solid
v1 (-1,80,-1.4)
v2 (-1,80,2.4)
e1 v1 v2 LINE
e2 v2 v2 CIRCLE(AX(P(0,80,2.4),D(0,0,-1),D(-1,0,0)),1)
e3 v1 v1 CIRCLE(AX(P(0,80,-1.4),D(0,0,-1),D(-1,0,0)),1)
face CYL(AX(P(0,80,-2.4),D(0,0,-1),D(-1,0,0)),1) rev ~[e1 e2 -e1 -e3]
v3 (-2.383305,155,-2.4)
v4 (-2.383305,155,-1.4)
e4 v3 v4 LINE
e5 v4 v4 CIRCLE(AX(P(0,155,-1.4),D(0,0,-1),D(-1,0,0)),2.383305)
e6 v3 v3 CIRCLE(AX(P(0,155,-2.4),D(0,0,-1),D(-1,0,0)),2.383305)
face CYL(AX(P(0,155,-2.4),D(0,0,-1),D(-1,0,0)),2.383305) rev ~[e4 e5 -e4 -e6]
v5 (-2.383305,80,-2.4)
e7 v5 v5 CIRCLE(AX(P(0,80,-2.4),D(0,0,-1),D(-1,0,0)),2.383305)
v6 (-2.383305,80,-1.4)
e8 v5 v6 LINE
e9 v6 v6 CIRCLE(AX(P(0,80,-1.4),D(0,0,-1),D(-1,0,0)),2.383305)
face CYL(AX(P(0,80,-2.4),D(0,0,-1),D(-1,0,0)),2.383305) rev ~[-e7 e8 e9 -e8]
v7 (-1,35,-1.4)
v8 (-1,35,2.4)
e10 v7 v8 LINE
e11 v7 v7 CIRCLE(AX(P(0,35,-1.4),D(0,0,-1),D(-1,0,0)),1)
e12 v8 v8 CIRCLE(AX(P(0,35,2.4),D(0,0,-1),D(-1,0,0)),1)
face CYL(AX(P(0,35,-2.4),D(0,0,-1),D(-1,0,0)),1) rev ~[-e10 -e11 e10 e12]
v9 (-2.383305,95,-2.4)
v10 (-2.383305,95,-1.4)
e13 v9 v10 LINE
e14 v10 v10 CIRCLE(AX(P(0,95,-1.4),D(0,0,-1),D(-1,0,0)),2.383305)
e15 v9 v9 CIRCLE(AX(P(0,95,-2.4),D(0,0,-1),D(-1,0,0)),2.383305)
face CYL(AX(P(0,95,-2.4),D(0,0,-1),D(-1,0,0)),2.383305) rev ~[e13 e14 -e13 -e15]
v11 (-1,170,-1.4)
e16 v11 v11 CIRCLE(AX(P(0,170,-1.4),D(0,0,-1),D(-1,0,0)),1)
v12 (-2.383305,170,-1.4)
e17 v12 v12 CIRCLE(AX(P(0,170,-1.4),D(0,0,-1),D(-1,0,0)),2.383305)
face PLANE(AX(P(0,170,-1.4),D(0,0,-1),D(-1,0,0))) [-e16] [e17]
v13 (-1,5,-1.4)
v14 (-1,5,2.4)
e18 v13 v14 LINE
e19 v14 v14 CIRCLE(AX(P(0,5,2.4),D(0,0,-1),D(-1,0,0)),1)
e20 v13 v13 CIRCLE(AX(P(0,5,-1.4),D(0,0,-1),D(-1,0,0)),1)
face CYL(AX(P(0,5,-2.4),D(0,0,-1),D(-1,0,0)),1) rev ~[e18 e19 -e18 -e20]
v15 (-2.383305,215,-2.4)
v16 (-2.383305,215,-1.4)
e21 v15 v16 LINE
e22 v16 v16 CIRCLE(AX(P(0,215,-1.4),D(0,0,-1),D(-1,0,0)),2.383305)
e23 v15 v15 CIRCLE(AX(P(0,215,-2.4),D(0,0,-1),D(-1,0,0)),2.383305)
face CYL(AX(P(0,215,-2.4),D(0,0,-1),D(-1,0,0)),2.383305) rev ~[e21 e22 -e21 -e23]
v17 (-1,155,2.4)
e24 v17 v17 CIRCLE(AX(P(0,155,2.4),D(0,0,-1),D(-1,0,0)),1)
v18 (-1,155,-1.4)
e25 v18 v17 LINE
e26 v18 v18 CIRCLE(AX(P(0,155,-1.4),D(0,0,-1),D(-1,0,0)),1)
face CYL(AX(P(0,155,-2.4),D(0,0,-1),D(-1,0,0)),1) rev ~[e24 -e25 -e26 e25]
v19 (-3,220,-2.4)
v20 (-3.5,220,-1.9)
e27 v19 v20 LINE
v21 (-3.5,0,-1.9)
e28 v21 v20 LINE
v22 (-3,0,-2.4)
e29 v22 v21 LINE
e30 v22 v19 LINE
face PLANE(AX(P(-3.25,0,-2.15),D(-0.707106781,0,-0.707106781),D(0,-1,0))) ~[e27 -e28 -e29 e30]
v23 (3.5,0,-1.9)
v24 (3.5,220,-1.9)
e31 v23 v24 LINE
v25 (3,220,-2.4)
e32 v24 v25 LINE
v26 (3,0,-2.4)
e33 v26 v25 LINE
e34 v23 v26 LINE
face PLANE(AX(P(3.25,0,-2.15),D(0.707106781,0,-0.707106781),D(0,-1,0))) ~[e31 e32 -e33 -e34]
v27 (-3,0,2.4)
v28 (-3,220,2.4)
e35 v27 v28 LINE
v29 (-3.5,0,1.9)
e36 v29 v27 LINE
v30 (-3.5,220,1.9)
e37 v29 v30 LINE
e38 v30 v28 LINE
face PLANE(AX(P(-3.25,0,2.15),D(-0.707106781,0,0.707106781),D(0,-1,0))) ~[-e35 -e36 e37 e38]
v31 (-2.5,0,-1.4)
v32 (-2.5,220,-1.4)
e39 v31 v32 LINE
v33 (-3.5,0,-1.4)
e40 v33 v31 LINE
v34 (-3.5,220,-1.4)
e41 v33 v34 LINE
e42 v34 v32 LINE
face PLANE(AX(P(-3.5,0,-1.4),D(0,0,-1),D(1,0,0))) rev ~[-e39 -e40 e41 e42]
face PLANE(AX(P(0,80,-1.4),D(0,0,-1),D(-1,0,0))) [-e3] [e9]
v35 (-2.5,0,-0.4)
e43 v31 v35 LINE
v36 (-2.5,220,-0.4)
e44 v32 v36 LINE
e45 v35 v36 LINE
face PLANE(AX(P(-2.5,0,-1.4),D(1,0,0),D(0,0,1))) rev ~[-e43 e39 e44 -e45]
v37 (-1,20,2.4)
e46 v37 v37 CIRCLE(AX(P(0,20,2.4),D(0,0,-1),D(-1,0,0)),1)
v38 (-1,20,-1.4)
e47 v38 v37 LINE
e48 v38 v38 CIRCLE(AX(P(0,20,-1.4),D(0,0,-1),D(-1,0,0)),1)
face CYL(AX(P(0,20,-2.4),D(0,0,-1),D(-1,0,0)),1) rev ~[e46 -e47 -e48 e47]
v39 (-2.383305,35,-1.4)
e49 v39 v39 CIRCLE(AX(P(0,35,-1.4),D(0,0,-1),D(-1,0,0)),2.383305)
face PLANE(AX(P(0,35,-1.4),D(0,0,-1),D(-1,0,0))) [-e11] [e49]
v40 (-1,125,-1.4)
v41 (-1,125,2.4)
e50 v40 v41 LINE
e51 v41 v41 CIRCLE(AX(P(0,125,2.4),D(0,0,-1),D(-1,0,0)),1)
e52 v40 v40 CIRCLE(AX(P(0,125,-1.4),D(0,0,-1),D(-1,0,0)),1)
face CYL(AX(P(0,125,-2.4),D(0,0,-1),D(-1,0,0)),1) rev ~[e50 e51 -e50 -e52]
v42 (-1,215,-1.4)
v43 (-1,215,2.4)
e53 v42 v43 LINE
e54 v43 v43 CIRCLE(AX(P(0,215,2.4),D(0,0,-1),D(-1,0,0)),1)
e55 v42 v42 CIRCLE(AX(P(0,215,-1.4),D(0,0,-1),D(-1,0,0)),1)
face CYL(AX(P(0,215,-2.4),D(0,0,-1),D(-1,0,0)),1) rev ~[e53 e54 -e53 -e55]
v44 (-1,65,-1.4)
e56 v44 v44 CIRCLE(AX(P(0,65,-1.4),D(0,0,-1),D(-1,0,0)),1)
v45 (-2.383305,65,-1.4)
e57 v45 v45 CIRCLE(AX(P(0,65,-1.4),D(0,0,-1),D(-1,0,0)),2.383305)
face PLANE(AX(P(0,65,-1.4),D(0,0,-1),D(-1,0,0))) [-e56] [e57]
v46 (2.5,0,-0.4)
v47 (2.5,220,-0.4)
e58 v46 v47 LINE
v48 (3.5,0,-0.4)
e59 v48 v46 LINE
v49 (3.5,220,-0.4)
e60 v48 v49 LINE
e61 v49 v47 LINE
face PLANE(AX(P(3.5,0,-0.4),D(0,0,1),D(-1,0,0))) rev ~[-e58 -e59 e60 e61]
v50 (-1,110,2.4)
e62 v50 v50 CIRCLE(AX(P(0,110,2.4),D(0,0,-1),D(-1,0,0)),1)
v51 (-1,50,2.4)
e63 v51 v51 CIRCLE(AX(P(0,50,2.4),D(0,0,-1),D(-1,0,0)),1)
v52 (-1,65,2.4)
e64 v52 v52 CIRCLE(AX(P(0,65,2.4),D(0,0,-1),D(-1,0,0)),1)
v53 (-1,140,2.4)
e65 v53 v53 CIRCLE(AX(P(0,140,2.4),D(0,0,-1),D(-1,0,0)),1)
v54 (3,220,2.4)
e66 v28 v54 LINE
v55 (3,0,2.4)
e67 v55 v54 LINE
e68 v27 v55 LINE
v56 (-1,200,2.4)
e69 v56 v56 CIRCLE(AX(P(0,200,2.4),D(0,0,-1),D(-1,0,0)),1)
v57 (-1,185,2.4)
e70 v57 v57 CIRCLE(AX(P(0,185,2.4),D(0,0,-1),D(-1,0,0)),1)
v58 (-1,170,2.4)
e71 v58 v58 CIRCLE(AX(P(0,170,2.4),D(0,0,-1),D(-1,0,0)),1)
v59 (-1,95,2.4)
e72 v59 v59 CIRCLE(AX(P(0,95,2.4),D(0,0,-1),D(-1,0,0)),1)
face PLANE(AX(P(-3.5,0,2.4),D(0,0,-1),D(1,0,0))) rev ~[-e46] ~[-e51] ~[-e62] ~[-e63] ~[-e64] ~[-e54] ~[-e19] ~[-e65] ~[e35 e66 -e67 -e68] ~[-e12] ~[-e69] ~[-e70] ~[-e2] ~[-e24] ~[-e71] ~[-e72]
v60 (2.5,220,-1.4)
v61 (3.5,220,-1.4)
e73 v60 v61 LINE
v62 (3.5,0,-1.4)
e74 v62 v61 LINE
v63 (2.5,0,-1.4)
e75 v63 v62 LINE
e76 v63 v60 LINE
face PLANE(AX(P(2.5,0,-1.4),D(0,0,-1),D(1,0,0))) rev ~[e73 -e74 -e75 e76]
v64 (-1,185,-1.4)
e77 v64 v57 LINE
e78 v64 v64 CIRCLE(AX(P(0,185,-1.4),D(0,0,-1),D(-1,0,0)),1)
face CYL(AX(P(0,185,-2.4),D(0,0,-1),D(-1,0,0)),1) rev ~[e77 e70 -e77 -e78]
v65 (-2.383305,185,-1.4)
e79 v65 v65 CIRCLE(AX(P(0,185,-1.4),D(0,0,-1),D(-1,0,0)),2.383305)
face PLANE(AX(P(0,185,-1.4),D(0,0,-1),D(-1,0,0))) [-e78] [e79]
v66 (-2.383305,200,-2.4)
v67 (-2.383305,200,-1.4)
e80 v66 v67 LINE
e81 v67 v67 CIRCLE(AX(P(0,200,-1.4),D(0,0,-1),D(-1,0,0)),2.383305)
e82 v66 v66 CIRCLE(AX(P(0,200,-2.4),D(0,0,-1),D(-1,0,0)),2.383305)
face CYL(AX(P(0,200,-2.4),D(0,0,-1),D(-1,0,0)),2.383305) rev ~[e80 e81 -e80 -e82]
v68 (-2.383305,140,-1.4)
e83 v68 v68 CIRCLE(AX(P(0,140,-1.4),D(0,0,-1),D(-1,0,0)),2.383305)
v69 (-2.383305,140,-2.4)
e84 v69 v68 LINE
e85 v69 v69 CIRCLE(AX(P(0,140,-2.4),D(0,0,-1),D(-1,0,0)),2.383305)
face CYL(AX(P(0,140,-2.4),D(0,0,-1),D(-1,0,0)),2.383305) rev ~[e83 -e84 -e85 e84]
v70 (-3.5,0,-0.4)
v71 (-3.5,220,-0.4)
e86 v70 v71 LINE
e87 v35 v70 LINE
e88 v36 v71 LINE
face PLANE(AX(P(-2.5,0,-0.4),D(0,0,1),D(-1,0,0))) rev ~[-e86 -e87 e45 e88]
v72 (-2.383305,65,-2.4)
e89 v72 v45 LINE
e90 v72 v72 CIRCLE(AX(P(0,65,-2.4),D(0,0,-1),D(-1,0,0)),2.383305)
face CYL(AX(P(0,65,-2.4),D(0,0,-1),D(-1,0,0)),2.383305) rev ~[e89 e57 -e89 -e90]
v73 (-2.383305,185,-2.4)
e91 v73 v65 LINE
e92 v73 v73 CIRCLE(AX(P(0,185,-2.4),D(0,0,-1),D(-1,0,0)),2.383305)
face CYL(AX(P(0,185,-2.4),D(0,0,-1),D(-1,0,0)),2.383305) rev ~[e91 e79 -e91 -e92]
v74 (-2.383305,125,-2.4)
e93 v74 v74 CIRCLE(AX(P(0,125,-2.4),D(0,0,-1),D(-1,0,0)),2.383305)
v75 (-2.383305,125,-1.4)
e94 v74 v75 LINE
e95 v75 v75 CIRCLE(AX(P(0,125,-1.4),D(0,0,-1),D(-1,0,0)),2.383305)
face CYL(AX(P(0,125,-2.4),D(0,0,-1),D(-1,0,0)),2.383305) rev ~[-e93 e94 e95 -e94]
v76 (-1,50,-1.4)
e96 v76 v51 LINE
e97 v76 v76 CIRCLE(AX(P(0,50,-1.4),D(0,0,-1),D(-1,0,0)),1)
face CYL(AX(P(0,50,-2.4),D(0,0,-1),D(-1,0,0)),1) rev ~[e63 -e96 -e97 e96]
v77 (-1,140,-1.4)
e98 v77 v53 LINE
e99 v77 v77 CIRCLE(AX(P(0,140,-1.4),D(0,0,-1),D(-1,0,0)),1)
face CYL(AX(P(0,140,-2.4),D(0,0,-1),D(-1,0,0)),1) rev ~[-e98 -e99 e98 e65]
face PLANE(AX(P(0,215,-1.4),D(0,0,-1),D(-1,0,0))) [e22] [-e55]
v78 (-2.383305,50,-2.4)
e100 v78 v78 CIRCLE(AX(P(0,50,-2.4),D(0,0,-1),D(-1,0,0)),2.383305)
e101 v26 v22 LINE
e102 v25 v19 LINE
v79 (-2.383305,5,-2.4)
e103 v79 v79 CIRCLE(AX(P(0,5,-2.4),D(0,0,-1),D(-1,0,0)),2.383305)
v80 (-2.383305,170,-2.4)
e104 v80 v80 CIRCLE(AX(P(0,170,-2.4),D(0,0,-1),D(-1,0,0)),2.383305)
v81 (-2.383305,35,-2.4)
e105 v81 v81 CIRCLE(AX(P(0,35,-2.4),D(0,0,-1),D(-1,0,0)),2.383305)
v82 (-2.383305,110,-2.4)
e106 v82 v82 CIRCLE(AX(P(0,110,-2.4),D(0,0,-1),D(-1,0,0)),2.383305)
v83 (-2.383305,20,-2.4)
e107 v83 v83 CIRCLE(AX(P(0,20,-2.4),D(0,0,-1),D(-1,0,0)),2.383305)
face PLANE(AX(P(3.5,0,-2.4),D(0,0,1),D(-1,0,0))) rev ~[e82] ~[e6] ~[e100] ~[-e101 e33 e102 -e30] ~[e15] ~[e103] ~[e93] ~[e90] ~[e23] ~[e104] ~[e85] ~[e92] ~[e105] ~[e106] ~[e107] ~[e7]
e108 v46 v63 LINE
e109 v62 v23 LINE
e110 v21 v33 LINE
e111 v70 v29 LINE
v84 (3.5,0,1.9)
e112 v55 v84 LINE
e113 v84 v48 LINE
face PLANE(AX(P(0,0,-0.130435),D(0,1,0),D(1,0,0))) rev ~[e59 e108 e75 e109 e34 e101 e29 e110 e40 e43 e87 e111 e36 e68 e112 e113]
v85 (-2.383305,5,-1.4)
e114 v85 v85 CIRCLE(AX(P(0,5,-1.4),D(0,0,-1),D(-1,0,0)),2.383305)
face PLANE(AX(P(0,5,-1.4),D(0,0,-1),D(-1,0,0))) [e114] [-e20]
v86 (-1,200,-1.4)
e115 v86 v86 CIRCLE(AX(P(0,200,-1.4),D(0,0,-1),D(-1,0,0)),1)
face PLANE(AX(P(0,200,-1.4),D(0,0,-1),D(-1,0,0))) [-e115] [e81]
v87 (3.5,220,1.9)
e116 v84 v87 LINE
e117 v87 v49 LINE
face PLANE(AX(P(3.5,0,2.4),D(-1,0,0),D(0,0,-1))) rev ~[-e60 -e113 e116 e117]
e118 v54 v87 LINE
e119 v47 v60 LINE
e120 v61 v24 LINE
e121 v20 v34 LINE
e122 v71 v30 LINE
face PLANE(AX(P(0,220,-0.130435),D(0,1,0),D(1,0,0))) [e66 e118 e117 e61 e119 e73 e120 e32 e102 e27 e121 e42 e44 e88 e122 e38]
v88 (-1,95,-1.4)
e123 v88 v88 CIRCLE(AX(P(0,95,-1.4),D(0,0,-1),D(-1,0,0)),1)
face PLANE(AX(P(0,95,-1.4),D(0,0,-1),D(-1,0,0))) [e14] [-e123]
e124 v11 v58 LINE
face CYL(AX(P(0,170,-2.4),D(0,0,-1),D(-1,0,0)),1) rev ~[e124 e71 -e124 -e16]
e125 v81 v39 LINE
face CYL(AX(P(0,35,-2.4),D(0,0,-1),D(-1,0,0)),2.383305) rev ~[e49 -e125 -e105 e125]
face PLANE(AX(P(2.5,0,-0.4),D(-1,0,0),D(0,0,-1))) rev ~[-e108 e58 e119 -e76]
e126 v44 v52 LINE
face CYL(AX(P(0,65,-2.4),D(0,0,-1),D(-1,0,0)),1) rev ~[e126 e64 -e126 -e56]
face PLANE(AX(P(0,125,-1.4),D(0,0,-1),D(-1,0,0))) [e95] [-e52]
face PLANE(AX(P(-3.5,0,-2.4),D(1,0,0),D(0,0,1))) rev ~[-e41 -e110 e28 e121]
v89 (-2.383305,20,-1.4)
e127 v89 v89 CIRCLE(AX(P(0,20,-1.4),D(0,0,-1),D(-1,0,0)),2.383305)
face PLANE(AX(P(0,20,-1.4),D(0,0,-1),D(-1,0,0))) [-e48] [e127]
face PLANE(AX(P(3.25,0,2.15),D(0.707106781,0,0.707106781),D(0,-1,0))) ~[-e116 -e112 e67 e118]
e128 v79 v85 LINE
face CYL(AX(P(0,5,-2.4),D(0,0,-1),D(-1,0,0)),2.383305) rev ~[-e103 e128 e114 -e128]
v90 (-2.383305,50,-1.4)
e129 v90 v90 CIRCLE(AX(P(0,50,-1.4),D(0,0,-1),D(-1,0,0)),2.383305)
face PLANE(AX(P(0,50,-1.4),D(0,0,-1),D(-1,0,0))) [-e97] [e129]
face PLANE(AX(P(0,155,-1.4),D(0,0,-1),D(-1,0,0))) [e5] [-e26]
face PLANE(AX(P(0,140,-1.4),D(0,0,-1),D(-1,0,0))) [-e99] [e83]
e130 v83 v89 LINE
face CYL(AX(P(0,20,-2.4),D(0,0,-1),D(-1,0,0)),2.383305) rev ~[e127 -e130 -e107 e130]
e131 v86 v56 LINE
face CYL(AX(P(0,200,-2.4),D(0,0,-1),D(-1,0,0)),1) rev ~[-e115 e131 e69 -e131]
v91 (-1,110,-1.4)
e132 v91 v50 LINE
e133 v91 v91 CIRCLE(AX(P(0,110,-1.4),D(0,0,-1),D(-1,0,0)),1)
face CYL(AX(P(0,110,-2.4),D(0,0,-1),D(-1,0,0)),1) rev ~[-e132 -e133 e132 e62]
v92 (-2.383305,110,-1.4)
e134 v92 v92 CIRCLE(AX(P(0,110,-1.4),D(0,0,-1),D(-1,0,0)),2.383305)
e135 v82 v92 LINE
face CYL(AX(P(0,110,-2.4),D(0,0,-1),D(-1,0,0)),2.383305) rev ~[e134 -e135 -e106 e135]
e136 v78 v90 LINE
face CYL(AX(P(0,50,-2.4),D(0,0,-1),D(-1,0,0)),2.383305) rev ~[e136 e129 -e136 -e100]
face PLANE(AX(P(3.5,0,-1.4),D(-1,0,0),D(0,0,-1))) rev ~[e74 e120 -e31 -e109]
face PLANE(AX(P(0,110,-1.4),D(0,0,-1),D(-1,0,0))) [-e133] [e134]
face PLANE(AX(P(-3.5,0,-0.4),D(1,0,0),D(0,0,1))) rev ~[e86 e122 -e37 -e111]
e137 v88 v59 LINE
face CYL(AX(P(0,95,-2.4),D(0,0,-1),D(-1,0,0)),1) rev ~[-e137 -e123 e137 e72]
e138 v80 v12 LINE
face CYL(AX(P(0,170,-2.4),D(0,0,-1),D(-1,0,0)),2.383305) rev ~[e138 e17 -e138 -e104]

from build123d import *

# Parameters (mm, degrees)
EXTRUDE_1_DEPTH     = 220
SKETCH_2_R          = 1
CUT_EXTRUDE_1_DEPTH = 10
CHAMFER_1_SIZE      = 0.5
SKETCH_3_R          = 2.383304988
CUT_EXTRUDE_2_DEPTH = 1


with BuildPart() as part:
    # 草图1 → 凸台-拉伸1 (new body)
    with BuildSketch(Plane(origin=(0, 0, 0), x_dir=(1, 0, 0), z_dir=(0, 1, 0))):
        Polygon((-3.5, 0.4), (-3.5, -2.4), (3.5, -2.4), (3.5, 0.4), (2.5, 0.4), (2.5, 1.4), (3.5, 1.4), (3.5, 2.4), (-3.5, 2.4), (-3.5, 1.4), (-2.5, 1.4), (-2.5, 0.4), align=None)
    extrude(amount=EXTRUDE_1_DEPTH)

    # 草图2 → 切除-拉伸1 (cut)
    with BuildSketch(Plane(origin=(0, 0, -2.4), x_dir=(-1, 0, 0), z_dir=(0, 0, -1))):
        with Locations((0, 5)):
            Circle(SKETCH_2_R)
        with Locations((0, 20)):
            Circle(SKETCH_2_R)
        with Locations((0, 35)):
            Circle(SKETCH_2_R)
        with Locations((0, 50)):
            Circle(SKETCH_2_R)
        with Locations((0, 65)):
            Circle(SKETCH_2_R)
        with Locations((0, 80)):
            Circle(SKETCH_2_R)
        with Locations((0, 95)):
            Circle(SKETCH_2_R)
        with Locations((0, 110)):
            Circle(SKETCH_2_R)
        with Locations((0, 125)):
            Circle(SKETCH_2_R)
        with Locations((0, 140)):
            Circle(SKETCH_2_R)
        with Locations((0, 155)):
            Circle(SKETCH_2_R)
        with Locations((0, 170)):
            Circle(SKETCH_2_R)
        with Locations((0, 185)):
            Circle(SKETCH_2_R)
        with Locations((0, 200)):
            Circle(SKETCH_2_R)
        with Locations((0, 215)):
            Circle(SKETCH_2_R)
    extrude(amount=-CUT_EXTRUDE_1_DEPTH, mode=Mode.SUBTRACT)

    # 倒角1
    chamfer_1_edges = [part.edges().sort_by_distance(p)[0] for p in [
        (-3.5, 110, -2.4),
        (3.5, 110, -2.4),
        (3.5, 110, 2.4),
        (-3.5, 110, 2.4),
    ]]
    chamfer(chamfer_1_edges, length=CHAMFER_1_SIZE)

    # 草图3 → 切除-拉伸2 (cut)
    with BuildSketch(Plane(origin=(0, 0, -2.4), x_dir=(-1, 0, 0), z_dir=(0, 0, -1))):
        with Locations((0, 5)):
            Circle(SKETCH_3_R)
        with Locations((0, 20)):
            Circle(SKETCH_3_R)
        with Locations((0, 35)):
            Circle(SKETCH_3_R)
        with Locations((0, 50)):
            Circle(SKETCH_3_R)
        with Locations((0, 65)):
            Circle(SKETCH_3_R)
        with Locations((0, 80)):
            Circle(SKETCH_3_R)
        with Locations((0, 95)):
            Circle(SKETCH_3_R)
        with Locations((0, 110)):
            Circle(SKETCH_3_R)
        with Locations((0, 125)):
            Circle(SKETCH_3_R)
        with Locations((0, 140)):
            Circle(SKETCH_3_R)
        with Locations((0, 155)):
            Circle(SKETCH_3_R)
        with Locations((0, 170)):
            Circle(SKETCH_3_R)
        with Locations((0, 185)):
            Circle(SKETCH_3_R)
        with Locations((0, 200)):
            Circle(SKETCH_3_R)
        with Locations((0, 215)):
            Circle(SKETCH_3_R)
    extrude(amount=-CUT_EXTRUDE_2_DEPTH, mode=Mode.SUBTRACT)


solid = part.part
